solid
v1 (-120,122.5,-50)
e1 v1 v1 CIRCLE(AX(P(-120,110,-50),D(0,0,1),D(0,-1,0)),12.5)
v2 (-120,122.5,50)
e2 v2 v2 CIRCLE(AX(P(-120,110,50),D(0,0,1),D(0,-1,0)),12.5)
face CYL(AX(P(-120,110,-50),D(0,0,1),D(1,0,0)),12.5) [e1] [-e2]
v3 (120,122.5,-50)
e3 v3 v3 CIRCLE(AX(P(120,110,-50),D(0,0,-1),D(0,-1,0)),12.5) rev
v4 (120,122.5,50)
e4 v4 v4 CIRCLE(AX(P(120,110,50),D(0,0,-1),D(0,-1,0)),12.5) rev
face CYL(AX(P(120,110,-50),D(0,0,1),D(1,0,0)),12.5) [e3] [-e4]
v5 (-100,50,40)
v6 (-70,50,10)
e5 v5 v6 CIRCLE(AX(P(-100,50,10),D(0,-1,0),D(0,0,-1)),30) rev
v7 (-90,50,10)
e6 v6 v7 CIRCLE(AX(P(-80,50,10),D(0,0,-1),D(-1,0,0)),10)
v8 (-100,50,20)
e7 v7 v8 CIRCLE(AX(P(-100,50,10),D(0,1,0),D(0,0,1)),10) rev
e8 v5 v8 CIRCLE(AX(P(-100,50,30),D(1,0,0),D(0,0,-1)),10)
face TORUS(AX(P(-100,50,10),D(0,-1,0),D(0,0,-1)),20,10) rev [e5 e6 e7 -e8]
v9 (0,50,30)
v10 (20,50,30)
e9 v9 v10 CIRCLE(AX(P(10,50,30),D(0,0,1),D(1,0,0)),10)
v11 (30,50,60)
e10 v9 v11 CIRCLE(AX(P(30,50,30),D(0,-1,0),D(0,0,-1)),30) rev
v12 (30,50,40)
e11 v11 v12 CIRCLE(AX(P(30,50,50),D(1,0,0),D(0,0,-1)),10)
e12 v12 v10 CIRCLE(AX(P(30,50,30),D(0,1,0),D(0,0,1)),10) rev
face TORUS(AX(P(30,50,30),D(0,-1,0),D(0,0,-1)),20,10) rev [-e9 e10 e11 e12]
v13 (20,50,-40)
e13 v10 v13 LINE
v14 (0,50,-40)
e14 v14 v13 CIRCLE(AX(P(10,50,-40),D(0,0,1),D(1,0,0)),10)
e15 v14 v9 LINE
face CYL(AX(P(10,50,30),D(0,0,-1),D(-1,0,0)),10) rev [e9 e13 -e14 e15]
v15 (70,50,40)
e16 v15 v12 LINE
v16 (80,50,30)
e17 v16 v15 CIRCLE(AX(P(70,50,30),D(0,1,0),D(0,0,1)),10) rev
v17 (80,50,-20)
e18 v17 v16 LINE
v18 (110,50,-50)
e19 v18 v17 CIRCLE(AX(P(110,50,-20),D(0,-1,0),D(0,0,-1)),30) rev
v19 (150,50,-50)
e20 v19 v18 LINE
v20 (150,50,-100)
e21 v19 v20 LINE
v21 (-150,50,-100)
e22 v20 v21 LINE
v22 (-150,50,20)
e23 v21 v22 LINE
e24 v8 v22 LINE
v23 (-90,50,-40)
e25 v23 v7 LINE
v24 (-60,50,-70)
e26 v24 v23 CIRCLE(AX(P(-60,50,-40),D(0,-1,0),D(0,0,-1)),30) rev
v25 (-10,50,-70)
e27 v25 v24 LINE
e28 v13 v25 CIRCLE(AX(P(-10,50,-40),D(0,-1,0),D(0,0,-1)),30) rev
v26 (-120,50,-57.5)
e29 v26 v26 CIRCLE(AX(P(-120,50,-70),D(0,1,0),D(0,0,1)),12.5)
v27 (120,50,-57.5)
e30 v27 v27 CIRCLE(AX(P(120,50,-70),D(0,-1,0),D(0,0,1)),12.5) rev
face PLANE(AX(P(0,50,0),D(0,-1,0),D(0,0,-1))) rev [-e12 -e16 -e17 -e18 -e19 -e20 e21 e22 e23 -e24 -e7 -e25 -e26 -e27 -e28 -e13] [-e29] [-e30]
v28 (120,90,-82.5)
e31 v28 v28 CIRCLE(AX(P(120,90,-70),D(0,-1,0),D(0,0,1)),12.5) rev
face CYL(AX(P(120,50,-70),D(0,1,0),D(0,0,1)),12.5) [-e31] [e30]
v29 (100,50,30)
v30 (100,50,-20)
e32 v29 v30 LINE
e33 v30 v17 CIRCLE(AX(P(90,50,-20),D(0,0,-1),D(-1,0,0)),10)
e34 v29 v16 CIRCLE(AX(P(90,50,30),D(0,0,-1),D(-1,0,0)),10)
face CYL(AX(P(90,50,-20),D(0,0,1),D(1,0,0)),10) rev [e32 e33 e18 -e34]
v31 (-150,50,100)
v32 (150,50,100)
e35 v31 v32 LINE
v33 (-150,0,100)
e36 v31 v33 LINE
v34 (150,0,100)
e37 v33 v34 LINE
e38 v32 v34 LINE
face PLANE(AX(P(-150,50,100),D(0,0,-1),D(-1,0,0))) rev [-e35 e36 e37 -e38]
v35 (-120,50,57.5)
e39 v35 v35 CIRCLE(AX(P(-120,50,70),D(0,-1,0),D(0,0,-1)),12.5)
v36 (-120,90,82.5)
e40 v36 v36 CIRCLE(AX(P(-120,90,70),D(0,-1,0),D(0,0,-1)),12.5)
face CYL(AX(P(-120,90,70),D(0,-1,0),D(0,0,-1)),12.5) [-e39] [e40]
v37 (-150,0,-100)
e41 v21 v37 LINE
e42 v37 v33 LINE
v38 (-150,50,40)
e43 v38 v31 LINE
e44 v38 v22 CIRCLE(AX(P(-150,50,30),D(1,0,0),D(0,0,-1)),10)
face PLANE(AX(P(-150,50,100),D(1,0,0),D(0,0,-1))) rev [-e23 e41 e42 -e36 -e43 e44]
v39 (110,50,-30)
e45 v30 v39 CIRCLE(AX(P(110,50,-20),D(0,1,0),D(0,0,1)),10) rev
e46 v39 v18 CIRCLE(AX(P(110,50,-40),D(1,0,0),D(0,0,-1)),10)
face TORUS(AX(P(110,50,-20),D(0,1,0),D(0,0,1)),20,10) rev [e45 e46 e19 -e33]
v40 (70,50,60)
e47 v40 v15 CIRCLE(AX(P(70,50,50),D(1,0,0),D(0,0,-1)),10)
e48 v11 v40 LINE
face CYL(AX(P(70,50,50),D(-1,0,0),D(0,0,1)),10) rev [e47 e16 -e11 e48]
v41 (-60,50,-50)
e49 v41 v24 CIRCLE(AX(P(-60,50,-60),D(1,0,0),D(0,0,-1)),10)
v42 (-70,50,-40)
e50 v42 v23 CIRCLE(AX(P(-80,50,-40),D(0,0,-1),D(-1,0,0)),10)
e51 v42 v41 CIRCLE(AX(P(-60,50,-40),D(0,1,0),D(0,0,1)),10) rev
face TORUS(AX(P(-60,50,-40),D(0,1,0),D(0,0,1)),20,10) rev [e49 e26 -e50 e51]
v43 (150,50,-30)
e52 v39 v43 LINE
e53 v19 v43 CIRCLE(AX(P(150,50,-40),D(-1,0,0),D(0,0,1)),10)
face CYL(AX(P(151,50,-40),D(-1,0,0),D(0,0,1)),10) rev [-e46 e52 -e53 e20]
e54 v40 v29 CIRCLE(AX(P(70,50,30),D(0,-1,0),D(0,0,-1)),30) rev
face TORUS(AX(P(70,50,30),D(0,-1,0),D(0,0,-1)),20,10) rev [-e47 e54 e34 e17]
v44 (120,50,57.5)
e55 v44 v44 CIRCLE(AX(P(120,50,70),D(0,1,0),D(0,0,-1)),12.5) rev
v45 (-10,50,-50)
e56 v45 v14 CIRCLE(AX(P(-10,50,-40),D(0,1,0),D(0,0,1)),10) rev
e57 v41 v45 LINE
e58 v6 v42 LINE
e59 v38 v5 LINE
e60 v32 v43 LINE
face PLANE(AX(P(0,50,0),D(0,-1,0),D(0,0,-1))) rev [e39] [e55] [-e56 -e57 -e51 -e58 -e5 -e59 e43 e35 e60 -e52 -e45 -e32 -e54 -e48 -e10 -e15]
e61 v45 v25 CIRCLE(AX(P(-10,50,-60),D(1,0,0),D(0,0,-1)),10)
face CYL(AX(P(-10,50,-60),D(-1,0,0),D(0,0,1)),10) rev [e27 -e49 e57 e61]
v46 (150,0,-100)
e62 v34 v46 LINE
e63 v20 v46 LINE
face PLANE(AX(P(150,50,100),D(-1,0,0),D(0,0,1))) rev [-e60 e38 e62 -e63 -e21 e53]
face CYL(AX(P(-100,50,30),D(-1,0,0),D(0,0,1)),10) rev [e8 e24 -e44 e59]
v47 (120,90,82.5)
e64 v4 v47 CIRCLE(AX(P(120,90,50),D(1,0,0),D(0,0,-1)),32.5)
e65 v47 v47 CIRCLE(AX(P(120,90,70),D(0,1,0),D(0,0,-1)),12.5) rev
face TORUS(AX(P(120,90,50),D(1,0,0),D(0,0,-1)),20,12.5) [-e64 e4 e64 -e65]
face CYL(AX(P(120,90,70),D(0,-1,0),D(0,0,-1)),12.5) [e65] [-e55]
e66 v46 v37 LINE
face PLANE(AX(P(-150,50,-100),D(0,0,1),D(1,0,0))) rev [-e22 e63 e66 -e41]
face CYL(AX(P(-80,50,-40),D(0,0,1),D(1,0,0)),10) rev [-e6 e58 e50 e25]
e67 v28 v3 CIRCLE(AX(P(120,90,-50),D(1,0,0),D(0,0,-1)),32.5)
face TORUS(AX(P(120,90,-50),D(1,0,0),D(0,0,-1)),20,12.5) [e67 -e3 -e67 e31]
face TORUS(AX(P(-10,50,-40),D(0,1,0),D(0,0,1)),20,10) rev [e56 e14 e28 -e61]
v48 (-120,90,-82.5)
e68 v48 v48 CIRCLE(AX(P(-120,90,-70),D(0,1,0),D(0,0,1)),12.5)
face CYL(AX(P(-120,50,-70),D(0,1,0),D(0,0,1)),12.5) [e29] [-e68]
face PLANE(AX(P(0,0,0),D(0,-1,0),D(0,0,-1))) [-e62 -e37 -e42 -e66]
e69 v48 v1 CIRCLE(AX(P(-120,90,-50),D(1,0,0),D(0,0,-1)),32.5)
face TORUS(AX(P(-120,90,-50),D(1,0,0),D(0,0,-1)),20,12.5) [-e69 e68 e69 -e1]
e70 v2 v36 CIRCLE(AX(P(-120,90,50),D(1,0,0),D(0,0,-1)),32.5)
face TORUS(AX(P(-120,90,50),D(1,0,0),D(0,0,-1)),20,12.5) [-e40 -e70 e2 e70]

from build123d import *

# Parameters (mm, degrees)
SKETCH1_W            = 300
SKETCH1_H            = 200
BOSS_EXTRUDE1_DEPTH  = 50
CUT_SWEEP1_PROFILE_R = 10
SKETCH14_R           = 12.5


with BuildPart() as part:
    # Sketch1 → Boss-Extrude1 (new body)
    with BuildSketch(Plane(origin=(0, 0, 0), x_dir=(1, 0, 0), z_dir=(0, 1, 0))):
        Rectangle(SKETCH1_W, SKETCH1_H)
    extrude(amount=BOSS_EXTRUDE1_DEPTH)

    # Cut-Sweep1: sweep along a path in Sketch2
    with BuildLine(Plane(origin=(0, 50, 0), x_dir=(1, 0, 0), z_dir=(0, 1, 0))) as cut_sweep1_path:
        Line((150, 40), (110, 40))
        ThreePointArc((110, 40), (95.857864376, 34.142135624), (90, 20))
        Line((90, 20), (90, -30))
        ThreePointArc((90, -30), (84.142135624, -44.142135624), (70, -50))
        Line((70, -50), (30, -50))
        ThreePointArc((30, -50), (15.857864376, -44.142135624), (10, -30))
        Line((10, -30), (10, 40))
        ThreePointArc((10, 40), (4.142135624, 54.142135624), (-10, 60))
        Line((-10, 60), (-60, 60))
        ThreePointArc((-60, 60), (-74.142135624, 54.142135624), (-80, 40))
        Line((-80, 40), (-80, -10))
        ThreePointArc((-80, -10), (-85.857864376, -24.142135624), (-100, -30))
        Line((-100, -30), (-150, -30))
    # Cut-Sweep1 profile (on start of the path) → Cut-Sweep1 (sweep, cut)
    with BuildSketch(Plane(origin=(150, 50, -40), x_dir=(0, 0, -1), z_dir=(-1, 0, 0))):
        Circle(CUT_SWEEP1_PROFILE_R)
    sweep(path=cut_sweep1_path.line, mode=Mode.SUBTRACT)

    # Sweep1: sweep along a curve in space
    with BuildLine() as sweep1_path:
        Line((-120, 50, -70), (-120, 90, -70))
        ThreePointArc((-120, 90, -70), (-120, 104.142135624, -64.142135624), (-120, 110, -50))
        Line((-120, 110, -50), (-120, 110, 50))
        ThreePointArc((-120, 110, 50), (-120, 104.142135624, 64.142135624), (-120, 90, 70))
        Line((-120, 90, 70), (-120, 50, 70))
    # Sketch14 → Sweep1 (sweep)
    with BuildSketch(Plane(origin=(0, 50, 0), x_dir=(1, 0, 0), z_dir=(0, 1, 0))):
        with Locations((-120, 70)):
            Circle(SKETCH14_R)
    sweep1 = sweep(path=sweep1_path.line)

    # Mirror1: Sweep1 across plane
    add(sweep1.mirror(Plane(origin=(0, 0, 0), x_dir=(0, 0, 1), z_dir=(1, 0, 0))))


solid = part.part
